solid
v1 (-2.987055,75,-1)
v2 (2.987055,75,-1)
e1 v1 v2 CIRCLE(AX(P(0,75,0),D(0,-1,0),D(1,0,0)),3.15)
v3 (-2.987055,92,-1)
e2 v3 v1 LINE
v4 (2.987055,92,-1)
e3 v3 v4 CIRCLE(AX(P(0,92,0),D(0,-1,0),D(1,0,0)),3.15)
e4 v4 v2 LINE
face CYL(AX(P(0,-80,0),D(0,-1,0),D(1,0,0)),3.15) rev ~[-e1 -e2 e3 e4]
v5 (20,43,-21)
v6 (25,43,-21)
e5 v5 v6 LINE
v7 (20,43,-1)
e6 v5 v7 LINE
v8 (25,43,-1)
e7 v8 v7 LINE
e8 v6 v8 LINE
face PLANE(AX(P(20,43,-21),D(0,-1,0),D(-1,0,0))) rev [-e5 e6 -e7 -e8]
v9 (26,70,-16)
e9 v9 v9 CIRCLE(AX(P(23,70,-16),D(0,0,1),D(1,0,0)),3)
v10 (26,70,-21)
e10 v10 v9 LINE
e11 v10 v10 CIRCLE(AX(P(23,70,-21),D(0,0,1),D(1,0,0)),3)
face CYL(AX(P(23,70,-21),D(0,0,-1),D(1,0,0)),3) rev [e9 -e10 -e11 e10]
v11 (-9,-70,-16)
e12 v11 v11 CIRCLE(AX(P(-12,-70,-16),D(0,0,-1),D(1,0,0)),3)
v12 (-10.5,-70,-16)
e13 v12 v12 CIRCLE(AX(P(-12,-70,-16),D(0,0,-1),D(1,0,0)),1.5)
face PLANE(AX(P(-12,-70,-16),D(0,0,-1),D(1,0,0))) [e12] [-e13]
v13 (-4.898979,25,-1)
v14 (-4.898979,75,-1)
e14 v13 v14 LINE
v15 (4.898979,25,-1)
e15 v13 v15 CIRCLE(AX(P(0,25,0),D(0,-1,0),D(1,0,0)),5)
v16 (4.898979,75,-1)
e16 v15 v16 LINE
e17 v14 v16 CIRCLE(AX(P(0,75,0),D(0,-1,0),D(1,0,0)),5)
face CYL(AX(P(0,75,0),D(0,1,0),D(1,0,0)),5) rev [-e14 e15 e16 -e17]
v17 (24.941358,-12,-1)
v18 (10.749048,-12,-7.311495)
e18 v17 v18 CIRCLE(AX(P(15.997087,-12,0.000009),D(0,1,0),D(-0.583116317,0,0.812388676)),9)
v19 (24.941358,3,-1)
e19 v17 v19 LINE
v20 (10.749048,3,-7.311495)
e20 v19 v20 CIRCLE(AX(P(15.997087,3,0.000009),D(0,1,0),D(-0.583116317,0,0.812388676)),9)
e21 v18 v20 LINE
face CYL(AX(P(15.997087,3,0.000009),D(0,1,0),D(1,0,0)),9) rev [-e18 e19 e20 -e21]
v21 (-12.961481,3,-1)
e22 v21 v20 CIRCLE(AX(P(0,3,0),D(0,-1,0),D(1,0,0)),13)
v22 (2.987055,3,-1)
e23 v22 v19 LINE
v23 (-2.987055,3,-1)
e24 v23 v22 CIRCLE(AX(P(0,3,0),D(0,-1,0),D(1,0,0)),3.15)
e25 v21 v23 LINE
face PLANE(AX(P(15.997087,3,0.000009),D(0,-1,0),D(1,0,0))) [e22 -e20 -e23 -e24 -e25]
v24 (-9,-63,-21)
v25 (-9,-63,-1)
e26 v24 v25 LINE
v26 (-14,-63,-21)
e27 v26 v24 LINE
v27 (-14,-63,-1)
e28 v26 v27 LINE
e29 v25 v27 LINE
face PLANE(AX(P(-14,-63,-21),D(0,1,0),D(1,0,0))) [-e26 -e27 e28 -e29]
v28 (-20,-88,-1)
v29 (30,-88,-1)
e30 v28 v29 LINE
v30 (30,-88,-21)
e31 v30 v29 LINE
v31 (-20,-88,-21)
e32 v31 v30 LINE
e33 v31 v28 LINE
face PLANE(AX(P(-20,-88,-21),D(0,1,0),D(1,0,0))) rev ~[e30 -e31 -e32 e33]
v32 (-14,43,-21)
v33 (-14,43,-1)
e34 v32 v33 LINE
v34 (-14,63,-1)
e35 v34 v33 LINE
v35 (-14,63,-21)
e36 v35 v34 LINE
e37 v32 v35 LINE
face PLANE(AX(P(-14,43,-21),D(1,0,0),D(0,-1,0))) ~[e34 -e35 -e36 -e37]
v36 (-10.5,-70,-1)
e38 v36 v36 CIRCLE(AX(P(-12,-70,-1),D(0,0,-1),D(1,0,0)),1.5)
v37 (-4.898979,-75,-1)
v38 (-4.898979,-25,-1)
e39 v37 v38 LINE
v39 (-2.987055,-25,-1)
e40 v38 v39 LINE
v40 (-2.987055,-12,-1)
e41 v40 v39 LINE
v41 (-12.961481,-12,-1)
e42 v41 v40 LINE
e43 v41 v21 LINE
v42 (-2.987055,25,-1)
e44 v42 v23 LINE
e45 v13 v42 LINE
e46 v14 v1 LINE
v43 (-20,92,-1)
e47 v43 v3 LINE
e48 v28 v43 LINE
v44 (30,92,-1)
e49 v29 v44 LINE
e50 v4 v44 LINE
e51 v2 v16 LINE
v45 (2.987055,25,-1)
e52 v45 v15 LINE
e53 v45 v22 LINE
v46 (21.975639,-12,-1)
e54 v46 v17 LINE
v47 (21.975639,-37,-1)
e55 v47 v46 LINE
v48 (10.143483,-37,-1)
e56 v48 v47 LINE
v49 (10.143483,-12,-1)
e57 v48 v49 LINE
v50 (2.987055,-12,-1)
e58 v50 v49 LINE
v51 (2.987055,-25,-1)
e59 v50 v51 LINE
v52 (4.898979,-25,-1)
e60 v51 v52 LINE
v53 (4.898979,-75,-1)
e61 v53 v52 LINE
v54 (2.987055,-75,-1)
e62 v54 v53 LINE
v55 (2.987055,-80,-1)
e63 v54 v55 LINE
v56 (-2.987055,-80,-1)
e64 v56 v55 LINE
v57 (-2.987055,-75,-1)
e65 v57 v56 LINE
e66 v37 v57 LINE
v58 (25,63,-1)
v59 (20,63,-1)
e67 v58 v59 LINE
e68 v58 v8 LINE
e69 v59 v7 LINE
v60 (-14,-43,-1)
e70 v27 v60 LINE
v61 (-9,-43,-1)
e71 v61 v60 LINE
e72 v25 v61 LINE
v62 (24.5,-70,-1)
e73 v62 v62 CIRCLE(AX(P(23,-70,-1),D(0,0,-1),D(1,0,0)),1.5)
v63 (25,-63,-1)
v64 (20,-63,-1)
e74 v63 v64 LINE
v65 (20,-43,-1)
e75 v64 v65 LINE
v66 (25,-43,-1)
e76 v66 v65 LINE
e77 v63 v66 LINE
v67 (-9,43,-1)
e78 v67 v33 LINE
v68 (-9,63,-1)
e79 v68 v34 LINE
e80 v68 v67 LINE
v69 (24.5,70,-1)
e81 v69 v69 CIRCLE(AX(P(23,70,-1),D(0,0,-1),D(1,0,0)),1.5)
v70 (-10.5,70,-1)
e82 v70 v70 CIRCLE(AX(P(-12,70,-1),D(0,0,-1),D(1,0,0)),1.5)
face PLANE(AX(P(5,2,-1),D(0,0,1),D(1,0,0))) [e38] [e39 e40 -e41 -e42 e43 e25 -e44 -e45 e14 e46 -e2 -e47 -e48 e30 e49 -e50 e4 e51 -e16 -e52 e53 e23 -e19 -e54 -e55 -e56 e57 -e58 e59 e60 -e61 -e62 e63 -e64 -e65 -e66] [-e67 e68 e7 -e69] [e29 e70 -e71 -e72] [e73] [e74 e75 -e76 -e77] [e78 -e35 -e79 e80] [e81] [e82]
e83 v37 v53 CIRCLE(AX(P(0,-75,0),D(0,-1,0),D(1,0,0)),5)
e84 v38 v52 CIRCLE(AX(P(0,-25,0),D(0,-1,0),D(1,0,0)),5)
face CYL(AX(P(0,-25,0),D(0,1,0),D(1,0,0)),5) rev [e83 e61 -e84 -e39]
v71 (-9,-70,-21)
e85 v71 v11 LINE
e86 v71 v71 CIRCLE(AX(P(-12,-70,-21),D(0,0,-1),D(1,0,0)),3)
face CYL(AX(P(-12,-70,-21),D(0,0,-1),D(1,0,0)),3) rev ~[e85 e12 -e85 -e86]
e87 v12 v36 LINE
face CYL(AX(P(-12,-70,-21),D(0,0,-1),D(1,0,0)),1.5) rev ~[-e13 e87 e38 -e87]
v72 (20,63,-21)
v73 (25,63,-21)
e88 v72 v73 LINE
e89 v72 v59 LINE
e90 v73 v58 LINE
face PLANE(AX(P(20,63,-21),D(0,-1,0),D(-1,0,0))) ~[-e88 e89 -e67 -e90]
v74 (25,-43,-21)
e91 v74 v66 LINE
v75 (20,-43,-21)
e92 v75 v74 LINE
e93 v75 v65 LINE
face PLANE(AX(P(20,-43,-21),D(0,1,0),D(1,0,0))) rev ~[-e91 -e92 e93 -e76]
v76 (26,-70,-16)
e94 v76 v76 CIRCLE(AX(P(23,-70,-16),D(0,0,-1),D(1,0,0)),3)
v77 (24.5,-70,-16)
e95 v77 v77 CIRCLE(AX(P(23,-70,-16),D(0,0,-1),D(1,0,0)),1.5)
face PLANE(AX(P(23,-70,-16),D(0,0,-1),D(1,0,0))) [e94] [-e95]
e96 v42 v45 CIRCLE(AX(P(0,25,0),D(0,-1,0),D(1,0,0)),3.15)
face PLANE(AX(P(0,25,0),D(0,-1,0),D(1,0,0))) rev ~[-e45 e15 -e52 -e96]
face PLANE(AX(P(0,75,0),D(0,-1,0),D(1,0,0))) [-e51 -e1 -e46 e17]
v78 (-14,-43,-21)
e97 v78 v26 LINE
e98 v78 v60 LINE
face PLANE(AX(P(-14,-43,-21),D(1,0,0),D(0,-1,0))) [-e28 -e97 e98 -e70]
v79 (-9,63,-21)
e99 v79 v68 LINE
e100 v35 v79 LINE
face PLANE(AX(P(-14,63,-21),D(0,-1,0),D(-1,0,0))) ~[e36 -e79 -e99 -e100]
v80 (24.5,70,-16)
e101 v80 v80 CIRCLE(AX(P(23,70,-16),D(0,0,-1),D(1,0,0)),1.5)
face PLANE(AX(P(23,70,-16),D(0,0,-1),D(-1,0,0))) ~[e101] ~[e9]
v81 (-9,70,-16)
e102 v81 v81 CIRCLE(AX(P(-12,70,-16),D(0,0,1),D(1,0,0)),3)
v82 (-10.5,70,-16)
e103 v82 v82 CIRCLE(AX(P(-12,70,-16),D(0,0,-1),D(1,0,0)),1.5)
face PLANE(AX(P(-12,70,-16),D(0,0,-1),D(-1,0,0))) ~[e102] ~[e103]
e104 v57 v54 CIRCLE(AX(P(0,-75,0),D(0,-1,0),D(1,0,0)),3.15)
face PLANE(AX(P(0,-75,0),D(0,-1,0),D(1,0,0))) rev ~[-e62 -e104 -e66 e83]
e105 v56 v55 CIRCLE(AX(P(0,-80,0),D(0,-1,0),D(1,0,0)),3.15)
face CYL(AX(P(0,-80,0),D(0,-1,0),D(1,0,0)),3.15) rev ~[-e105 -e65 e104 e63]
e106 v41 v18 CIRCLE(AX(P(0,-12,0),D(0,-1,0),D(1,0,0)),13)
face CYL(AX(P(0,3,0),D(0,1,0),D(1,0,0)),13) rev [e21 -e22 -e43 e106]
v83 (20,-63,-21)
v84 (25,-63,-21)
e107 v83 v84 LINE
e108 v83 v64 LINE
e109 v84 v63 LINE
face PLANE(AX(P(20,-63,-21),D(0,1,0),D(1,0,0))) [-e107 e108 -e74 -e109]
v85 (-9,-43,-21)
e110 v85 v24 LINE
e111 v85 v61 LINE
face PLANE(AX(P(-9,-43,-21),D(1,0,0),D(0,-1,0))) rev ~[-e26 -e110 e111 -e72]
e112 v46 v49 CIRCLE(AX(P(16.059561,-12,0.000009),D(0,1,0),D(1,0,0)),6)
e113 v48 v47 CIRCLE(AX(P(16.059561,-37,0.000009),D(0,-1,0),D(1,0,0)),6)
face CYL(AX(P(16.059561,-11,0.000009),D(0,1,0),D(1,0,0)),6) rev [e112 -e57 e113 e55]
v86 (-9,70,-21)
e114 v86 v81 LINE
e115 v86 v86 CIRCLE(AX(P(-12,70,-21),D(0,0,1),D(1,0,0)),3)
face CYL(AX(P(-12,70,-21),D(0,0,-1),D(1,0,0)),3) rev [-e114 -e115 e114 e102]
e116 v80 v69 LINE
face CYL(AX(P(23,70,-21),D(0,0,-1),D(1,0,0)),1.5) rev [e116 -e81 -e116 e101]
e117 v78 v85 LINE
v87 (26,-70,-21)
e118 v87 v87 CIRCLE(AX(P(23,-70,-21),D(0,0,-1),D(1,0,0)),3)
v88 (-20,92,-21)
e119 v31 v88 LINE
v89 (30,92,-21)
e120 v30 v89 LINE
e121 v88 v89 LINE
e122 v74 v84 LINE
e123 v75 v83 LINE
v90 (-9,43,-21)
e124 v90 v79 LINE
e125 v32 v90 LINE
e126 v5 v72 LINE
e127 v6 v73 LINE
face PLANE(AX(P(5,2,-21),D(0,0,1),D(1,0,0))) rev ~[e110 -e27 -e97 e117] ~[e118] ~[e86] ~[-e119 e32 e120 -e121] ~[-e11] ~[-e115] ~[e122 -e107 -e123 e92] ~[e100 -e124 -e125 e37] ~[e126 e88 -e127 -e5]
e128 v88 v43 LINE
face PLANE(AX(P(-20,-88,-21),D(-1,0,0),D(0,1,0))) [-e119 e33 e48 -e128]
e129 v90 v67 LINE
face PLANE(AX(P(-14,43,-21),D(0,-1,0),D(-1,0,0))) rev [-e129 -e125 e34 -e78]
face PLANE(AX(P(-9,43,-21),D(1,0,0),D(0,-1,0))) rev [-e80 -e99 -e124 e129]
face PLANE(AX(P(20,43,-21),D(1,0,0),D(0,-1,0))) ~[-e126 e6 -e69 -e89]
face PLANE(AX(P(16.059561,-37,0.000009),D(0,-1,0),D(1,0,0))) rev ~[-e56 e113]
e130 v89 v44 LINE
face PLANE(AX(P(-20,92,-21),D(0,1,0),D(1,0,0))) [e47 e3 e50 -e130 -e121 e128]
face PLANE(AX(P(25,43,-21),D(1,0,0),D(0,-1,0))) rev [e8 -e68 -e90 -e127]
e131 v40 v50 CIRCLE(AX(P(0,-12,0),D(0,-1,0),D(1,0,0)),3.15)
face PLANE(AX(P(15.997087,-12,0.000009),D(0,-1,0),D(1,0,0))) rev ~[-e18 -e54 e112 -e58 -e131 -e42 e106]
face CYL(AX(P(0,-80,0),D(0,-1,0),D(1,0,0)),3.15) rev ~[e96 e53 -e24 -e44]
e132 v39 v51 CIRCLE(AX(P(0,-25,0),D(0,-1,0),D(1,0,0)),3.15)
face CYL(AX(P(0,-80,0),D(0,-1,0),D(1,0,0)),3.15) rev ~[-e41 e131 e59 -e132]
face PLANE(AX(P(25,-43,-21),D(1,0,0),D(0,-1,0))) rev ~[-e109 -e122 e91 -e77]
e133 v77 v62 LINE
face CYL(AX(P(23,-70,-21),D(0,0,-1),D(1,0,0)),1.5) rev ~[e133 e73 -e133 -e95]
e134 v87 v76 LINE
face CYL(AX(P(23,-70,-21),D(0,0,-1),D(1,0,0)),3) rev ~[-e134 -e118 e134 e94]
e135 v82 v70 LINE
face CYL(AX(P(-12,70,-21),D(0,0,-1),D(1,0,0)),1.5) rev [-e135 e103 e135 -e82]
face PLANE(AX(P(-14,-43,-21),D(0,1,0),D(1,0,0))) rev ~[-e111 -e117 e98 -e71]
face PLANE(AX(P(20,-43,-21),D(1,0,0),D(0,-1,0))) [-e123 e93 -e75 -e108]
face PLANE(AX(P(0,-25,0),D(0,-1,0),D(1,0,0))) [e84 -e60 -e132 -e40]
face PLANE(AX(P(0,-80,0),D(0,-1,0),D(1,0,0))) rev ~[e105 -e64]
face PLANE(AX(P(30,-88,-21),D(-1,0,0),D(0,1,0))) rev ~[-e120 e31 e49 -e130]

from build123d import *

# Parameters (mm, degrees)
SKETCH006_R     = 3.15
PAD002_DEPTH    = 190
SKETCH011_R     = 5
PAD007_DEPTH    = 50
SKETCH010_R     = 5
PAD006_DEPTH    = 50
SKETCH008_R     = 13
PAD004_DEPTH    = 15
SKETCH009_R     = 9
PAD005_DEPTH    = 15
SKETCH013_R     = 6
PAD008_DEPTH    = 26
BOX001_W        = 50
BOX001_H        = 180
BOX001_DEPTH    = 20
SKETCH015_R     = 1.5
POCKET001_DEPTH = 395.766885
SKETCH016_R     = 1.5
POCKET002_DEPTH = 395.766885
SKETCH017_R     = 3
POCKET003_DEPTH = 5
SKETCH018_R     = 3
POCKET004_DEPTH = 5
SKETCH022_W     = 5
SKETCH022_H     = 20
POCKET008_DEPTH = 395.766885
SKETCH023_W     = 5
SKETCH023_H     = 20
POCKET009_DEPTH = 395.766885


with BuildPart() as pad002:
    # Sketch006 → Pad002 (new body)
    with BuildSketch(Plane.XZ.offset(80)):
        Circle(SKETCH006_R)
    extrude(amount=-PAD002_DEPTH)


with BuildPart() as pad007:
    # Sketch011 → Pad007 (new body)
    with BuildSketch(Plane.XZ.offset(-75)):
        Circle(SKETCH011_R)
    extrude(amount=PAD007_DEPTH)


with BuildPart() as scassi_perno:
    # Sketch010 → Pad006 (new body)
    with BuildSketch(Plane.XZ.offset(25)):
        Circle(SKETCH010_R)
    extrude(amount=PAD006_DEPTH)

    # Fusion002: union Pad007
    add(pad007.part)


with BuildPart() as scasso_ruota_dentata:
    # Sketch008 → Pad004 (new body)
    with BuildSketch(Plane.XZ.offset(-3)):
        Circle(SKETCH008_R)
    extrude(amount=PAD004_DEPTH)


with BuildPart() as scassi_ruote_dentate:
    # Sketch009 → Pad005 (new body)
    with BuildSketch(Plane.XZ.offset(-3)):
        with Locations((15.997087, 9e-06)):
            Circle(SKETCH009_R)
    extrude(amount=PAD005_DEPTH)

    # Fusion001: union scasso_ruota_dentata
    add(scasso_ruota_dentata.part)


with BuildPart() as fusion:
    # Sketch013 → Pad008 (new body)
    with BuildSketch(Plane.XZ.offset(11)):
        with Locations((16.059561, 9e-06)):
            Circle(SKETCH013_R)
    extrude(amount=PAD008_DEPTH)

    # Fusion005: union scassi_perno, scassi_ruote_dentate
    add(scassi_perno.part)
    add(scassi_ruote_dentate.part)

    # Fusion: union Pad002
    add(pad002.part)


with BuildPart() as mirrored007:
    # Box001 → Box001 (new body)
    with BuildSketch(Plane(origin=(-20, -88, -21), x_dir=(1, 0, 0), z_dir=(0, 0, 1))):
        with Locations((25, 90)):
            Rectangle(BOX001_W, BOX001_H)
    extrude(amount=BOX001_DEPTH)

    # Cut001: cut Fusion
    add(fusion.part, mode=Mode.SUBTRACT)

    # Sketch015 → Pocket001 (cut, through all)
    with BuildSketch(Plane(origin=(0, 0, -21), x_dir=(1, 0, 0), z_dir=(0, 0, -1))):
        with Locations((23, 70)):
            Circle(SKETCH015_R)
    pocket001 = extrude(amount=-POCKET001_DEPTH, mode=Mode.SUBTRACT)

    # Mirrored: Pocket001 across Sketch015 H_Axis
    add(pocket001.mirror(Plane(origin=(0, 0, -21), x_dir=(0, 0, -1), z_dir=(0, -1, 0))), mode=Mode.SUBTRACT)

    # Sketch016 → Pocket002 (cut, through all)
    with BuildSketch(Plane(origin=(0, 0, -21), x_dir=(1, 0, 0), z_dir=(0, 0, -1))):
        with Locations((-12, 70)):
            Circle(SKETCH016_R)
    pocket002 = extrude(amount=-POCKET002_DEPTH, mode=Mode.SUBTRACT)

    # Mirrored001: Pocket002 across Sketch016 H_Axis
    add(pocket002.mirror(Plane(origin=(0, 0, -21), x_dir=(0, 0, -1), z_dir=(0, -1, 0))), mode=Mode.SUBTRACT)

    # Sketch017 → Pocket003 (cut)
    with BuildSketch(Plane(origin=(0, 0, -21), x_dir=(1, 0, 0), z_dir=(0, 0, -1))):
        with Locations((23, 70)):
            Circle(SKETCH017_R)
    pocket003 = extrude(amount=-POCKET003_DEPTH, mode=Mode.SUBTRACT)

    # Mirrored002: Pocket003 across Sketch017 H_Axis
    add(pocket003.mirror(Plane(origin=(0, 0, -21), x_dir=(0, 0, -1), z_dir=(0, -1, 0))), mode=Mode.SUBTRACT)

    # Sketch018 → Pocket004 (cut)
    with BuildSketch(Plane(origin=(0, 0, -21), x_dir=(1, 0, 0), z_dir=(0, 0, -1))):
        with Locations((-12, 70)):
            Circle(SKETCH018_R)
    pocket004 = extrude(amount=-POCKET004_DEPTH, mode=Mode.SUBTRACT)

    # Mirrored003: Pocket004 across Sketch018 H_Axis
    add(pocket004.mirror(Plane(origin=(0, 0, -21), x_dir=(0, 0, -1), z_dir=(0, -1, 0))), mode=Mode.SUBTRACT)

    # Sketch022 → Pocket008 (cut, through all)
    with BuildSketch(Plane(origin=(0, 0, -21), x_dir=(1, 0, 0), z_dir=(0, 0, -1))):
        with Locations((22.5, 53)):
            Rectangle(SKETCH022_W, SKETCH022_H)
    pocket008 = extrude(amount=-POCKET008_DEPTH, mode=Mode.SUBTRACT)

    # Mirrored006: Pocket008 across Sketch022 H_Axis
    add(pocket008.mirror(Plane(origin=(0, 0, -21), x_dir=(0, 0, -1), z_dir=(0, -1, 0))), mode=Mode.SUBTRACT)

    # Sketch023 → Pocket009 (cut, through all)
    with BuildSketch(Plane(origin=(0, 0, -21), x_dir=(1, 0, 0), z_dir=(0, 0, -1))):
        with Locations((-11.5, 53)):
            Rectangle(SKETCH023_W, SKETCH023_H)
    pocket009 = extrude(amount=-POCKET009_DEPTH, mode=Mode.SUBTRACT)

    # Mirrored007: Pocket009 across Sketch023 H_Axis
    add(pocket009.mirror(Plane(origin=(0, 0, -21), x_dir=(0, 0, -1), z_dir=(0, -1, 0))), mode=Mode.SUBTRACT)


solid = mirrored007.part
